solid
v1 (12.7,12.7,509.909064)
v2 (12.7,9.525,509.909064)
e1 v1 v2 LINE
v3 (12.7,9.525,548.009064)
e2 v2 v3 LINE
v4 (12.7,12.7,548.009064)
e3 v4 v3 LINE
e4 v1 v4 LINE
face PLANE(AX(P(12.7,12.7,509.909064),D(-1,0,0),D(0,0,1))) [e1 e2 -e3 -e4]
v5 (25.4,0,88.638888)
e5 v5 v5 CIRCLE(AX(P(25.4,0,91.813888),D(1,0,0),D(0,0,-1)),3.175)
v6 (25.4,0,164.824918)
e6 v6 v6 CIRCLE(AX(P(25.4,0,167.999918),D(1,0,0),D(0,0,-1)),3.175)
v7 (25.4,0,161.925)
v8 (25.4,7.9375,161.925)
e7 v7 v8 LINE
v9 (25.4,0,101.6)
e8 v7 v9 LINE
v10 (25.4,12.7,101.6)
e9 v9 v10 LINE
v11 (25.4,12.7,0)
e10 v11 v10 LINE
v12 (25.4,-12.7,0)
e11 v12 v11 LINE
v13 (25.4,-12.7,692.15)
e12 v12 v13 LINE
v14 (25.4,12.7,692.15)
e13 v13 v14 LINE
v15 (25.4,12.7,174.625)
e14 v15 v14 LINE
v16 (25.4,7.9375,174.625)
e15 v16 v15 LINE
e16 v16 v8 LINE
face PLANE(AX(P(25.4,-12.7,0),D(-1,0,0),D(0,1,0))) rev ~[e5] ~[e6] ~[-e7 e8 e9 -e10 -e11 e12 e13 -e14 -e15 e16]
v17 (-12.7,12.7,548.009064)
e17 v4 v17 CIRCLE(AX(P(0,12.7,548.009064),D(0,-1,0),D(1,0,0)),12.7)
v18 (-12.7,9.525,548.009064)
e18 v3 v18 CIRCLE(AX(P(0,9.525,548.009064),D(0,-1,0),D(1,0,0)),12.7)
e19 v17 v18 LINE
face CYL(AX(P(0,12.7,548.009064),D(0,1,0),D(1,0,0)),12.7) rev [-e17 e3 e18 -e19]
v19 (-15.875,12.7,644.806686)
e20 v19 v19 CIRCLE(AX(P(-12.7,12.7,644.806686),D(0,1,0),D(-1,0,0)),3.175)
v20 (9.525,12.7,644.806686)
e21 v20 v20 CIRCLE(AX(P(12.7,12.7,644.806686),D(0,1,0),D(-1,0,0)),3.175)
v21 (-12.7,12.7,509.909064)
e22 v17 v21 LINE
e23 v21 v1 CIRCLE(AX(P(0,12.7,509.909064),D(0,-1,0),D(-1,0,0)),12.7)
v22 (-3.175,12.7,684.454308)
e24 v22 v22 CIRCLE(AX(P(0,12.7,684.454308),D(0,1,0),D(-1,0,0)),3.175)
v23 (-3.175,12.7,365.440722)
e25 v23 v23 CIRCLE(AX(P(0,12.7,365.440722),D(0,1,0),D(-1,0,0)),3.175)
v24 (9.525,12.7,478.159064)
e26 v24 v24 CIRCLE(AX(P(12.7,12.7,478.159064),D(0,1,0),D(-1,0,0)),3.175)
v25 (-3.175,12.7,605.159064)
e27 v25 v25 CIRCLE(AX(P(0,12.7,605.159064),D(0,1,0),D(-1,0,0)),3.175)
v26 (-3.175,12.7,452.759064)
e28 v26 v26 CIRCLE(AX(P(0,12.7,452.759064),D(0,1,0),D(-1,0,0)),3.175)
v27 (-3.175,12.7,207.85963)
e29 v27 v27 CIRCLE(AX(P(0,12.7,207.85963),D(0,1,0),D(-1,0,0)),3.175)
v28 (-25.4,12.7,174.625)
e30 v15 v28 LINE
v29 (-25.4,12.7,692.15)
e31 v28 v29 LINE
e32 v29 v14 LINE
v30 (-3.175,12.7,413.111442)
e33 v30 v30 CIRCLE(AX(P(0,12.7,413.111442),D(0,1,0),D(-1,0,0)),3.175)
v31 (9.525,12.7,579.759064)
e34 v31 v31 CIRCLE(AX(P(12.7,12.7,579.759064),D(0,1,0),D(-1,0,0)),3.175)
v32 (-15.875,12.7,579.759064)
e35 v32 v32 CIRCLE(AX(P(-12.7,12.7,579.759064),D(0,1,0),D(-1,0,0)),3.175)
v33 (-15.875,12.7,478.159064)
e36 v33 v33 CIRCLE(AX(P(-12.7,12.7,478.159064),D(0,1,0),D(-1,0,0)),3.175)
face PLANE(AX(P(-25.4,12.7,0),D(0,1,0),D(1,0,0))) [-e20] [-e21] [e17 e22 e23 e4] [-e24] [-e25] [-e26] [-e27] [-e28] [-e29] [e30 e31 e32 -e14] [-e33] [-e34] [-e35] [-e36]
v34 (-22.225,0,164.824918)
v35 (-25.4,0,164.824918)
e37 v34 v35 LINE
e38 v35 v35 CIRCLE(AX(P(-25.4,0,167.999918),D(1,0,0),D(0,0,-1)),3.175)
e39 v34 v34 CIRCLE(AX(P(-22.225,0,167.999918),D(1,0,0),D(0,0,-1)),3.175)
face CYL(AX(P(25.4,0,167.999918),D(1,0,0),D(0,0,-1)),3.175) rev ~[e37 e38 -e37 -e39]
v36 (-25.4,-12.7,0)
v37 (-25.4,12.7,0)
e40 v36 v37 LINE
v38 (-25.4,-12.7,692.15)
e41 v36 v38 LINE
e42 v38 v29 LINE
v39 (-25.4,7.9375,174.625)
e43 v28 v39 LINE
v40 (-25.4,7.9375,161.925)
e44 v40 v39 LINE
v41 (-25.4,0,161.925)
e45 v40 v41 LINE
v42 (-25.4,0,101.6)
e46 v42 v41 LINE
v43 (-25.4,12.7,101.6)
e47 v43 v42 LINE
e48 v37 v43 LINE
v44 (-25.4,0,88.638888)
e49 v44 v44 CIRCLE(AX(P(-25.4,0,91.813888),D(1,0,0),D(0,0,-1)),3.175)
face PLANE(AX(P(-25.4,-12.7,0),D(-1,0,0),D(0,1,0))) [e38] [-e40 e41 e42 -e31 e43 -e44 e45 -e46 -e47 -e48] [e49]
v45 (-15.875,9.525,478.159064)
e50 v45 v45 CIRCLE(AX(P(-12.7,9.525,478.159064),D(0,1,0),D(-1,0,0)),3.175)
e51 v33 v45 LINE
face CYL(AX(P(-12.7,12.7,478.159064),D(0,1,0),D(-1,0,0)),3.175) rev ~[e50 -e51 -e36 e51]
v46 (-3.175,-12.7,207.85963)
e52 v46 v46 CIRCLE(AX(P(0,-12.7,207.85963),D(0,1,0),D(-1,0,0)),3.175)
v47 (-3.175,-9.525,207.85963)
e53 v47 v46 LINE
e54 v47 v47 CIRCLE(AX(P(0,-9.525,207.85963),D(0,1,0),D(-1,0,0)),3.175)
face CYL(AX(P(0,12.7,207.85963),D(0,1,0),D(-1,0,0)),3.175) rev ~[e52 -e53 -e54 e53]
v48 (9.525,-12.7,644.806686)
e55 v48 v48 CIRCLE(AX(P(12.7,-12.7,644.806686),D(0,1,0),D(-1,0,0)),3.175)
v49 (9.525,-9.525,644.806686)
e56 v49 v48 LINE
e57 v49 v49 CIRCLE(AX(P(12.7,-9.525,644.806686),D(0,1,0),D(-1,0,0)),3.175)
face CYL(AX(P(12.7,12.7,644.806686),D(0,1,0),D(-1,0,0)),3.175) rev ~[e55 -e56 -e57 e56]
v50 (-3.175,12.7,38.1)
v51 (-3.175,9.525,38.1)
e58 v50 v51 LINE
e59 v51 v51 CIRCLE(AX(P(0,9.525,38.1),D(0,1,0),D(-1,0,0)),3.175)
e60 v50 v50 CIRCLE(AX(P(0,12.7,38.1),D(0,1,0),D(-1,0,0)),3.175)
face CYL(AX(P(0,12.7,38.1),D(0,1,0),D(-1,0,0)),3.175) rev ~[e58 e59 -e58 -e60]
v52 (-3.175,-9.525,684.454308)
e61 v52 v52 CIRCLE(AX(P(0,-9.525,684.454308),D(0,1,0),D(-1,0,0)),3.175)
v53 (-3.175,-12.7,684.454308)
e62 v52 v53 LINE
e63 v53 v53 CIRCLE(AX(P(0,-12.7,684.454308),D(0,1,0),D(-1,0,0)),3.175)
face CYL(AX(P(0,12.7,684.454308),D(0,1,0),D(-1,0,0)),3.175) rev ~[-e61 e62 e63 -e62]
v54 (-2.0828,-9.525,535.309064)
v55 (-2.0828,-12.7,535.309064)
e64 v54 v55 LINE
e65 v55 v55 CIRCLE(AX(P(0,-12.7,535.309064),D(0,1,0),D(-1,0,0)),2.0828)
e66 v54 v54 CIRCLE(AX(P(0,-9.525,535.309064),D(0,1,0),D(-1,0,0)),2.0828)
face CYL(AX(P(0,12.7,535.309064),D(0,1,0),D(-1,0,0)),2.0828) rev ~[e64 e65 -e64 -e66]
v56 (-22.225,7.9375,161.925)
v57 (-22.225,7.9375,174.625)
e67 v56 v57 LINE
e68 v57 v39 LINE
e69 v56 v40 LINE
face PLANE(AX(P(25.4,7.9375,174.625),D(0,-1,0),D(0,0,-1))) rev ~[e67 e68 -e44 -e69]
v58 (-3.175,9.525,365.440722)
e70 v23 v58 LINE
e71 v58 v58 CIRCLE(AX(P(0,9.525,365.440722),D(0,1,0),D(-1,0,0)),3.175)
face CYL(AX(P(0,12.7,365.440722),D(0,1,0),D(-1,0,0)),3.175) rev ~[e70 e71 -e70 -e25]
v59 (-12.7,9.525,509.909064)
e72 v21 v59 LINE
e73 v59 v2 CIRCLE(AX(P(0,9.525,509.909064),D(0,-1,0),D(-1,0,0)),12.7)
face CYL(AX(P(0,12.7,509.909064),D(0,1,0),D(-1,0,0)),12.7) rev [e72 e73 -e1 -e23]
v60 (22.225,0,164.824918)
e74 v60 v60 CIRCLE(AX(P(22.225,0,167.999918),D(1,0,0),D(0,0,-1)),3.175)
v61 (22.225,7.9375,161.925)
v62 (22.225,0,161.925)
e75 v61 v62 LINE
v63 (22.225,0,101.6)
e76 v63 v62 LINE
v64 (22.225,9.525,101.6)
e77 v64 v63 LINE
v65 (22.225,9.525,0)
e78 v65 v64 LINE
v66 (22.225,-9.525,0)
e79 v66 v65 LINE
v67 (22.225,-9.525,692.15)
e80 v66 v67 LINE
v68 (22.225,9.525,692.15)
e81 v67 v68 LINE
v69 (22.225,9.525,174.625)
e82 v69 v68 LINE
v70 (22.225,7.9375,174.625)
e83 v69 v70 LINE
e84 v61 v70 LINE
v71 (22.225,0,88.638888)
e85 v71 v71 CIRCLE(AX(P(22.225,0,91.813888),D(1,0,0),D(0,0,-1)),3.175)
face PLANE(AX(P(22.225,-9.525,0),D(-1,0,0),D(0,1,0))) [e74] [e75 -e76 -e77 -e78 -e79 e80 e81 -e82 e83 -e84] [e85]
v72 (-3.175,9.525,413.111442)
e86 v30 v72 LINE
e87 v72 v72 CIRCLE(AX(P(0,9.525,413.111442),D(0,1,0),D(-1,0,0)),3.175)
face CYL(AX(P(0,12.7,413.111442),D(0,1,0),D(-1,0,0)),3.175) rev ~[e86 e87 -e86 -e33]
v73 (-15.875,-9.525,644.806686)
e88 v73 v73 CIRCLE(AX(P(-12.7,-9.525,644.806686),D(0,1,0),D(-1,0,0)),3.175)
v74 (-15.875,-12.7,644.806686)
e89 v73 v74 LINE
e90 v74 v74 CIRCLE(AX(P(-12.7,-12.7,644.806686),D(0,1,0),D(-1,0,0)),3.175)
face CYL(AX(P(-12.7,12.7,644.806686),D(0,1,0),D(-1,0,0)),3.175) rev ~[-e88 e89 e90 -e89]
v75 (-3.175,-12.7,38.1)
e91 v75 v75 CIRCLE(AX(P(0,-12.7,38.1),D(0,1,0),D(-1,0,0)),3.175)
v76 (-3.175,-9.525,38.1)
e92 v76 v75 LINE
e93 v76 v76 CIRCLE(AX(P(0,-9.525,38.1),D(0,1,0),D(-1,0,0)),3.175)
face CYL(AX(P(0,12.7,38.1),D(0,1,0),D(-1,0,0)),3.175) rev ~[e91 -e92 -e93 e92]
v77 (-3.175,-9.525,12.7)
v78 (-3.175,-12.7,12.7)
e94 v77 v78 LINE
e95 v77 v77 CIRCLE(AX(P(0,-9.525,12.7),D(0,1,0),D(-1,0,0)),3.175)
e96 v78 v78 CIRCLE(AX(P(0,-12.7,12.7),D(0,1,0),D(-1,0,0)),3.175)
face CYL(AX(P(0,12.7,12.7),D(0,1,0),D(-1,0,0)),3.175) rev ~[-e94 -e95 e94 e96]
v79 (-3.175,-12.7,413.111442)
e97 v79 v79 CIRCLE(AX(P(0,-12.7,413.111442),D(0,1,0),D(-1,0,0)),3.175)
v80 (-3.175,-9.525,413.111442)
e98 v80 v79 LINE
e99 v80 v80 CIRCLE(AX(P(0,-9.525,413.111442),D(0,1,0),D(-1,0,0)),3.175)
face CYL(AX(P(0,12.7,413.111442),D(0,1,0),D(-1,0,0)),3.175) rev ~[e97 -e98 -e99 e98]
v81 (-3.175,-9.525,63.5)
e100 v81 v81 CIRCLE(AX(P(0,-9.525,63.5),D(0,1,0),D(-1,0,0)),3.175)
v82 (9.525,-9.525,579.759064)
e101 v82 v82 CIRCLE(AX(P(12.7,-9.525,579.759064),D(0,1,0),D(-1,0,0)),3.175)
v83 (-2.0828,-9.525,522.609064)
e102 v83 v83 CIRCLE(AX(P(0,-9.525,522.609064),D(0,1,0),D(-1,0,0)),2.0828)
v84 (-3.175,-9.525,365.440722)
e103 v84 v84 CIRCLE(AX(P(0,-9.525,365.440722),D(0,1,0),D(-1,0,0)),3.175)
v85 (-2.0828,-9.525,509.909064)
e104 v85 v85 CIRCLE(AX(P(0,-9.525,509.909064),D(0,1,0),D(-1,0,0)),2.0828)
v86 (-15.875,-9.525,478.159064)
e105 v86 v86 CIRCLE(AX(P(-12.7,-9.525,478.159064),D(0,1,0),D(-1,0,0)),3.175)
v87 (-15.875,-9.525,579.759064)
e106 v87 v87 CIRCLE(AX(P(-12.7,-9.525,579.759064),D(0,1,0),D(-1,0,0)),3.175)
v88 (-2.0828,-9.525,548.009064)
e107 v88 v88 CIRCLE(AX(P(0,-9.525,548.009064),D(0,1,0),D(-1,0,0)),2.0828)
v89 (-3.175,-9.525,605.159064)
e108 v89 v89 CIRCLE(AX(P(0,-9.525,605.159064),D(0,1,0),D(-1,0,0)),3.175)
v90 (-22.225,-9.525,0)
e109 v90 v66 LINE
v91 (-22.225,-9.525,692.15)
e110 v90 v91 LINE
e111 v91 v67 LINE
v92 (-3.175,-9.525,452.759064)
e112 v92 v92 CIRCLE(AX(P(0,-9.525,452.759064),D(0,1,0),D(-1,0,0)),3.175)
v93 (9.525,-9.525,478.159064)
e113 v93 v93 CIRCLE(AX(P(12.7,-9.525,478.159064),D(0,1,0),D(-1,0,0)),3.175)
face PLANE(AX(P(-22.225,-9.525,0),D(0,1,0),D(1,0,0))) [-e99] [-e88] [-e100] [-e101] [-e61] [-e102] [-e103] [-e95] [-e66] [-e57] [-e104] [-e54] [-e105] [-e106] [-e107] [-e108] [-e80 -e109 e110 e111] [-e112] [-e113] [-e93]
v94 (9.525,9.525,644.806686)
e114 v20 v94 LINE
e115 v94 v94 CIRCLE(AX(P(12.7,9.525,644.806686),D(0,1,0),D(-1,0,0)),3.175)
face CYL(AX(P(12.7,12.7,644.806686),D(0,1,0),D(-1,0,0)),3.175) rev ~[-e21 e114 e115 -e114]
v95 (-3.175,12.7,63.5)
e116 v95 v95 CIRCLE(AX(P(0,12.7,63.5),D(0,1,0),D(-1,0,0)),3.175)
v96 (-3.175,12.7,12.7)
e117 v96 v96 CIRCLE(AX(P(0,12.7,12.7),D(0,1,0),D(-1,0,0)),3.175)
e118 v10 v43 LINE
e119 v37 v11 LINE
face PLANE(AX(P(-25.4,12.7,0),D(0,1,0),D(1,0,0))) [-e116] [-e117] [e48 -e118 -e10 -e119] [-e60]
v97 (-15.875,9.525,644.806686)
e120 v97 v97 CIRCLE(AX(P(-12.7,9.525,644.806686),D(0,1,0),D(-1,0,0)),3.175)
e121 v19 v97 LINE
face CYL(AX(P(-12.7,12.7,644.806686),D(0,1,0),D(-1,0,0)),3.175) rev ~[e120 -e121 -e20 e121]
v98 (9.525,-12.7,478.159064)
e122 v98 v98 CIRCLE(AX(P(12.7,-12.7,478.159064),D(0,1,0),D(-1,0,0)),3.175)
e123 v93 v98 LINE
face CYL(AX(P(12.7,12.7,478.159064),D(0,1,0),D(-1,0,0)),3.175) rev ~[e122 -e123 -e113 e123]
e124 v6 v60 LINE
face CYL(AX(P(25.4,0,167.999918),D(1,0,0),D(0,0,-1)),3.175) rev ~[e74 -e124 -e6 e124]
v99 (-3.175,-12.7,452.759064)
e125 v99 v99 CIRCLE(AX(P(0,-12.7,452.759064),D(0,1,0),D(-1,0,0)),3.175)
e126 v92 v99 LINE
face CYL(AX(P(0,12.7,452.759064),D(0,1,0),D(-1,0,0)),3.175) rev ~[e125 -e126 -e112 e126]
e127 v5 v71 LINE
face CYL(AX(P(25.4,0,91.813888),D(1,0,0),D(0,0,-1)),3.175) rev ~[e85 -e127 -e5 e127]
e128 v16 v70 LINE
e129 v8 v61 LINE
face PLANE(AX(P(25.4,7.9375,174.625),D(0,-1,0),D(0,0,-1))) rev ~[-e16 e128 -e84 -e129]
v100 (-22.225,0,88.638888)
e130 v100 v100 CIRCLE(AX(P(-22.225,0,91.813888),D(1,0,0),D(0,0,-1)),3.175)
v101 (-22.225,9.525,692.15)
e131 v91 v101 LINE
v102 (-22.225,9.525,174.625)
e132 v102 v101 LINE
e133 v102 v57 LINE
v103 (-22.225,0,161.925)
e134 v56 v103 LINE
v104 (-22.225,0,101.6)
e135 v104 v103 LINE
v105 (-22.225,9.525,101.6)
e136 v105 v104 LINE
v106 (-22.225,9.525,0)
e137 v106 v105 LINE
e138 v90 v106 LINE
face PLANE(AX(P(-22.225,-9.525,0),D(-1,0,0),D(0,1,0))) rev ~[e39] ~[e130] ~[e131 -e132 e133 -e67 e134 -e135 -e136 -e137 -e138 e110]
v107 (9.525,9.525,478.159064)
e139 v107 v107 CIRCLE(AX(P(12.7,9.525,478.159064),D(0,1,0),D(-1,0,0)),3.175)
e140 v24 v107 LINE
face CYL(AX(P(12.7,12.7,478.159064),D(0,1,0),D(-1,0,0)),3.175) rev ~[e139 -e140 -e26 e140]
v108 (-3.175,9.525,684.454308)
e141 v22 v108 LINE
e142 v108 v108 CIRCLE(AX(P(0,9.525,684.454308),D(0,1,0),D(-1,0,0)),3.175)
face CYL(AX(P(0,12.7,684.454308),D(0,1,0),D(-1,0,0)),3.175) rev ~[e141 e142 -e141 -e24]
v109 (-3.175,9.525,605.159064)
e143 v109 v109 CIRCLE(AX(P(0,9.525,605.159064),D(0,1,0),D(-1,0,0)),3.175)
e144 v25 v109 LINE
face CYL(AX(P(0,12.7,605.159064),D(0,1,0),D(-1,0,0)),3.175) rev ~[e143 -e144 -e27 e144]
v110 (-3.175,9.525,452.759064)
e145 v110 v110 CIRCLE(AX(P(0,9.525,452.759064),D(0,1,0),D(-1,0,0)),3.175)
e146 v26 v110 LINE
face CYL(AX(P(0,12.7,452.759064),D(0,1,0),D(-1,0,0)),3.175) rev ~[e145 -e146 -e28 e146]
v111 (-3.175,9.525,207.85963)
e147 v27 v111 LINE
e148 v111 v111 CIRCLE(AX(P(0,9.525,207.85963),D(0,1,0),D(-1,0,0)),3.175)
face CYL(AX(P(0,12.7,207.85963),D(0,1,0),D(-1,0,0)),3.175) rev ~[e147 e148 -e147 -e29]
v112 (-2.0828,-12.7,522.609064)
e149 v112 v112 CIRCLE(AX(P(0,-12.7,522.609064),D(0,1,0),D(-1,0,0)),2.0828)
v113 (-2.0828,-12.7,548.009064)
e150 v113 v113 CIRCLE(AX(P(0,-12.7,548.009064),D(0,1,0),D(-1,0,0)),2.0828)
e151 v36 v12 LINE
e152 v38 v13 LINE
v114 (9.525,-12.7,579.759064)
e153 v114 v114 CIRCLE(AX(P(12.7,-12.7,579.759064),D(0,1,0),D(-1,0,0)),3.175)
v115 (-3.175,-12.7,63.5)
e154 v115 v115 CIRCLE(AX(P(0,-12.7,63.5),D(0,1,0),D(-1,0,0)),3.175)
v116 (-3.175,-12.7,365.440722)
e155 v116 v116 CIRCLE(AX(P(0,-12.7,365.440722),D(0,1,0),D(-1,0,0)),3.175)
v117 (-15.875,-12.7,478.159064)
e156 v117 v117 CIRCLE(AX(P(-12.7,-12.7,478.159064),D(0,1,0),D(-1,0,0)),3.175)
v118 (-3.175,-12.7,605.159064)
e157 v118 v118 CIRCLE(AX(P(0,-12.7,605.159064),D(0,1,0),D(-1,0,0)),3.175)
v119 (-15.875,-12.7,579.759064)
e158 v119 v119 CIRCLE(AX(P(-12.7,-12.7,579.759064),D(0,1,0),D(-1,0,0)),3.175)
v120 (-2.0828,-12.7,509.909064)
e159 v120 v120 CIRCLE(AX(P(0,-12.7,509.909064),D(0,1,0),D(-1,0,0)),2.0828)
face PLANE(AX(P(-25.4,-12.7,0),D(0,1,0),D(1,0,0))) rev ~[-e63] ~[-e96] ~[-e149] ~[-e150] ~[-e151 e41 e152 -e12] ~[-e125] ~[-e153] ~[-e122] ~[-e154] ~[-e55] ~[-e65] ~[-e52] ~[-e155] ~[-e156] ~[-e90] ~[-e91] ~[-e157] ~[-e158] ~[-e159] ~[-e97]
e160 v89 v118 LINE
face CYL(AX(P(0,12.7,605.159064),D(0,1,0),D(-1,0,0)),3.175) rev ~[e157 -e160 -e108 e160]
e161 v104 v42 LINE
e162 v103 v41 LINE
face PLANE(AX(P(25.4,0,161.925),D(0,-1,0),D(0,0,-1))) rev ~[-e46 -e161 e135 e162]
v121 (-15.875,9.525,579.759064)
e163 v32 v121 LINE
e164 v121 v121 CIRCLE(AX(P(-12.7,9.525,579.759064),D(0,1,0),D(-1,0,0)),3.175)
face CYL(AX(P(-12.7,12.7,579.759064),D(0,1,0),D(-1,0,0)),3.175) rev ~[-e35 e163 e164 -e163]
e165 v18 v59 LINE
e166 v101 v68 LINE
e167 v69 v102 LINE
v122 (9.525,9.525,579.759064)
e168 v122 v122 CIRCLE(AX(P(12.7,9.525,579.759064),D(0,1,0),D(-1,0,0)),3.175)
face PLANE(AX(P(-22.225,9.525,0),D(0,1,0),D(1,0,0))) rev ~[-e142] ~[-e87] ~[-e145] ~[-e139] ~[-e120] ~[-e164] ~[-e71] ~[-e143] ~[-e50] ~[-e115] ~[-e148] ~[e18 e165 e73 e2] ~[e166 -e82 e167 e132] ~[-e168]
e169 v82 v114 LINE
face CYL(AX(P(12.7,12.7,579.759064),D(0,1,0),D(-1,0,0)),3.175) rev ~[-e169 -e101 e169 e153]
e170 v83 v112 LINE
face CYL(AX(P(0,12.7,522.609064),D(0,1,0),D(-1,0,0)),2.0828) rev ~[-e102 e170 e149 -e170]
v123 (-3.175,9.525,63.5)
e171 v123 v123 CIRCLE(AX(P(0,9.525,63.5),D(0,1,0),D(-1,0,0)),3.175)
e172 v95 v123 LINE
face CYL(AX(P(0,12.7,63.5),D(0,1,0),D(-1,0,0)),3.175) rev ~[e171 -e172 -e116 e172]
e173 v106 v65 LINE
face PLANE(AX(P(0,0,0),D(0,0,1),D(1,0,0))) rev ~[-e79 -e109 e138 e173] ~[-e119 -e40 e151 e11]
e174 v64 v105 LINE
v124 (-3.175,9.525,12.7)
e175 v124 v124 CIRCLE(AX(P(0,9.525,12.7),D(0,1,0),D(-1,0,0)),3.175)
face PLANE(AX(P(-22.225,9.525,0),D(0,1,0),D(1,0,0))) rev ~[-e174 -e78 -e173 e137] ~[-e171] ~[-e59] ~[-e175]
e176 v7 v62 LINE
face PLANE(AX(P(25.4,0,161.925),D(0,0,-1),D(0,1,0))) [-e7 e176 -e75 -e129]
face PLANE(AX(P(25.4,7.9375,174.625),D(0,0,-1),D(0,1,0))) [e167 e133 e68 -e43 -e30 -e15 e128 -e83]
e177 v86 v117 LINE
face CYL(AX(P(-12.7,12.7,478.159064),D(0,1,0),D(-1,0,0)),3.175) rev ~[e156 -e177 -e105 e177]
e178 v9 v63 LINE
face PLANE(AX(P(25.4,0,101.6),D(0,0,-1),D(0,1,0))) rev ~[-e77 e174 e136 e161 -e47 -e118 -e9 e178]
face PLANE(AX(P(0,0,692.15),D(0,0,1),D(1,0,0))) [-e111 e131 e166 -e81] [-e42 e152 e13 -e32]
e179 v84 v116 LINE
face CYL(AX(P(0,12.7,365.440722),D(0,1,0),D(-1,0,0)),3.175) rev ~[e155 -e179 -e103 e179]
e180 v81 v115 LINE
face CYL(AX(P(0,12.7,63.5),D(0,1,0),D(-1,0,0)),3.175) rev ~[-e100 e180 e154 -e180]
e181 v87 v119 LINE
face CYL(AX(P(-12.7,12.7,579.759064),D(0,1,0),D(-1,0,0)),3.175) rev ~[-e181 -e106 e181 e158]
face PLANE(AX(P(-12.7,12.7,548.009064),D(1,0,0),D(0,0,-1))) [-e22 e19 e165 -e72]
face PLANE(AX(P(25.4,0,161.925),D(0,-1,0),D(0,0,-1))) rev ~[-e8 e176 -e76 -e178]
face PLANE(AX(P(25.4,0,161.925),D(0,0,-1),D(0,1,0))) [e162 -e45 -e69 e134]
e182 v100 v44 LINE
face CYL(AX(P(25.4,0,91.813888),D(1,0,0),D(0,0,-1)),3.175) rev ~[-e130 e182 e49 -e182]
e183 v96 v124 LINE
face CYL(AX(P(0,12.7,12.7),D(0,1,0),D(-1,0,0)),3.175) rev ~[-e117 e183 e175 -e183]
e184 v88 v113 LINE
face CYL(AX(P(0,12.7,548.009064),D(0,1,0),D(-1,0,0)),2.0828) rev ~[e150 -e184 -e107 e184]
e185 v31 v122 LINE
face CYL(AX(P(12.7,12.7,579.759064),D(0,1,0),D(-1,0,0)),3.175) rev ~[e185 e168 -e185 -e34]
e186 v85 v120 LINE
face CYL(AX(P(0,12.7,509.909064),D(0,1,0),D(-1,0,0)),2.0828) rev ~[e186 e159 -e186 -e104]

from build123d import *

# Parameters (mm, degrees)
SKETCH1_W           = 50.8
SKETCH1_H           = 25.4
SKETCH1_W_2         = 44.45
SKETCH1_H_2         = 19.05
BOSS_EXTRUDE1_DEPTH = 692.15
SKETCH2_W           = 60.325
SKETCH2_H           = 12.7
CUT_EXTRUDE1_DEPTH  = 695.127907882
SKETCH3_R           = 3.175
CUT_EXTRUDE2_DEPTH  = 695.127907882
SKETCH4_W           = 12.7
SKETCH4_H           = 4.7625
CUT_EXTRUDE3_DEPTH  = 695.127907882
SKETCH5_R           = 3.175
SKETCH5_R_2         = 2.0828
CUT_EXTRUDE4_DEPTH  = 694.081483305
CUT_EXTRUDE5_DEPTH  = 3.175
SKETCH8_R           = 3.175
CUT_EXTRUDE6_DEPTH  = 694.081483305


with BuildPart() as part:
    # Sketch1 → Boss-Extrude1 (new body)
    with BuildSketch(Plane.XY):
        Rectangle(SKETCH1_W, SKETCH1_H)
        Rectangle(SKETCH1_W_2, SKETCH1_H_2, mode=Mode.SUBTRACT)
    extrude(amount=BOSS_EXTRUDE1_DEPTH)

    # Sketch2 → Cut-Extrude1 (cut, through all)
    with BuildSketch(Plane(origin=(25.4, 0, 0), x_dir=(0, 0, -1), z_dir=(1, 0, 0))):
        with Locations((-131.7625, 6.35)):
            Rectangle(SKETCH2_W, SKETCH2_H)
    extrude(amount=-CUT_EXTRUDE1_DEPTH, mode=Mode.SUBTRACT)

    # Sketch3 → Cut-Extrude2 (cut, through all)
    with BuildSketch(Plane(origin=(25.4, 0, 0), x_dir=(0, 0, -1), z_dir=(1, 0, 0))):
        with Locations((-167.999918, 0)):
            Circle(SKETCH3_R)
        with Locations((-91.813888, 0)):
            Circle(SKETCH3_R)
    extrude(amount=-CUT_EXTRUDE2_DEPTH, mode=Mode.SUBTRACT)

    # Sketch4 → Cut-Extrude3 (cut, through all)
    with BuildSketch(Plane(origin=(25.4, 0, 0), x_dir=(0, 0, -1), z_dir=(1, 0, 0))):
        with Locations((-168.275, 10.31875)):
            Rectangle(SKETCH4_W, SKETCH4_H)
    extrude(amount=-CUT_EXTRUDE3_DEPTH, mode=Mode.SUBTRACT)

    # Sketch5 → Cut-Extrude4 (cut, through all)
    with BuildSketch(Plane(origin=(0, 12.7, 0), x_dir=(1, 0, 0), z_dir=(0, 1, 0))):
        with Locations(Location((0, -207.85963, 0), (0, 0, 180))):
            Circle(SKETCH5_R)
        with Locations(Location((0, -365.440722, 0), (0, 0, 180))):
            Circle(SKETCH5_R)
        with Locations(Location((0, -413.111442, 0), (0, 0, 180))):
            Circle(SKETCH5_R)
        with Locations(Location((0, -452.759064, 0), (0, 0, 180))):
            Circle(SKETCH5_R)
        with Locations(Location((-12.7, -478.159064, 0), (0, 0, 180))):
            Circle(SKETCH5_R)
        with Locations(Location((12.7, -478.159064, 0), (0, 0, 180))):
            Circle(SKETCH5_R)
        with Locations(Location((-12.7, -579.759064, 0), (0, 0, 180))):
            Circle(SKETCH5_R)
        with Locations(Location((12.7, -579.759064, 0), (0, 0, 180))):
            Circle(SKETCH5_R)
        with Locations(Location((0, -605.159064, 0), (0, 0, 180))):
            Circle(SKETCH5_R)
        with Locations(Location((-12.7, -644.806686, 0), (0, 0, 180))):
            Circle(SKETCH5_R)
        with Locations(Location((12.7, -644.806686, 0), (0, 0, 180))):
            Circle(SKETCH5_R)
        with Locations(Location((0, -684.454308, 0), (0, 0, 180))):
            Circle(SKETCH5_R)
        with Locations(Location((0, -548.009064, 0), (0, 0, 180))):
            Circle(SKETCH5_R_2)
        with Locations(Location((0, -535.309064, 0), (0, 0, 180))):
            Circle(SKETCH5_R_2)
        with Locations(Location((0, -522.609064, 0), (0, 0, 180))):
            Circle(SKETCH5_R_2)
        with Locations(Location((0, -509.909064, 0), (0, 0, 180))):
            Circle(SKETCH5_R_2)
    extrude(amount=-CUT_EXTRUDE4_DEPTH, mode=Mode.SUBTRACT)

    # Sketch7 → Cut-Extrude5 (cut)
    with BuildSketch(Plane(origin=(0, 12.7, 0), x_dir=(1, 0, 0), z_dir=(0, 1, 0))):
        with BuildLine():
            Line((-12.7, -548.009064), (-12.7, -509.909064))
            ThreePointArc((-12.7, -509.909064), (0, -497.209064), (12.7, -509.909064))
            Line((12.7, -509.909064), (12.7, -548.009064))
            ThreePointArc((12.7, -548.009064), (0, -560.709064), (-12.7, -548.009064))
        make_face()
    extrude(amount=-CUT_EXTRUDE5_DEPTH, mode=Mode.SUBTRACT)

    # Sketch8 → Cut-Extrude6 (cut, through all)
    with BuildSketch(Plane(origin=(0, 12.7, 0), x_dir=(1, 0, 0), z_dir=(0, 1, 0))):
        with Locations(Location((0, -12.7, 0), (0, 0, 180))):
            Circle(SKETCH8_R)
        with Locations(Location((0, -38.1, 0), (0, 0, 180))):
            Circle(SKETCH8_R)
        with Locations(Location((0, -63.5, 0), (0, 0, 180))):
            Circle(SKETCH8_R)
    extrude(amount=-CUT_EXTRUDE6_DEPTH, mode=Mode.SUBTRACT)


solid = part.part
